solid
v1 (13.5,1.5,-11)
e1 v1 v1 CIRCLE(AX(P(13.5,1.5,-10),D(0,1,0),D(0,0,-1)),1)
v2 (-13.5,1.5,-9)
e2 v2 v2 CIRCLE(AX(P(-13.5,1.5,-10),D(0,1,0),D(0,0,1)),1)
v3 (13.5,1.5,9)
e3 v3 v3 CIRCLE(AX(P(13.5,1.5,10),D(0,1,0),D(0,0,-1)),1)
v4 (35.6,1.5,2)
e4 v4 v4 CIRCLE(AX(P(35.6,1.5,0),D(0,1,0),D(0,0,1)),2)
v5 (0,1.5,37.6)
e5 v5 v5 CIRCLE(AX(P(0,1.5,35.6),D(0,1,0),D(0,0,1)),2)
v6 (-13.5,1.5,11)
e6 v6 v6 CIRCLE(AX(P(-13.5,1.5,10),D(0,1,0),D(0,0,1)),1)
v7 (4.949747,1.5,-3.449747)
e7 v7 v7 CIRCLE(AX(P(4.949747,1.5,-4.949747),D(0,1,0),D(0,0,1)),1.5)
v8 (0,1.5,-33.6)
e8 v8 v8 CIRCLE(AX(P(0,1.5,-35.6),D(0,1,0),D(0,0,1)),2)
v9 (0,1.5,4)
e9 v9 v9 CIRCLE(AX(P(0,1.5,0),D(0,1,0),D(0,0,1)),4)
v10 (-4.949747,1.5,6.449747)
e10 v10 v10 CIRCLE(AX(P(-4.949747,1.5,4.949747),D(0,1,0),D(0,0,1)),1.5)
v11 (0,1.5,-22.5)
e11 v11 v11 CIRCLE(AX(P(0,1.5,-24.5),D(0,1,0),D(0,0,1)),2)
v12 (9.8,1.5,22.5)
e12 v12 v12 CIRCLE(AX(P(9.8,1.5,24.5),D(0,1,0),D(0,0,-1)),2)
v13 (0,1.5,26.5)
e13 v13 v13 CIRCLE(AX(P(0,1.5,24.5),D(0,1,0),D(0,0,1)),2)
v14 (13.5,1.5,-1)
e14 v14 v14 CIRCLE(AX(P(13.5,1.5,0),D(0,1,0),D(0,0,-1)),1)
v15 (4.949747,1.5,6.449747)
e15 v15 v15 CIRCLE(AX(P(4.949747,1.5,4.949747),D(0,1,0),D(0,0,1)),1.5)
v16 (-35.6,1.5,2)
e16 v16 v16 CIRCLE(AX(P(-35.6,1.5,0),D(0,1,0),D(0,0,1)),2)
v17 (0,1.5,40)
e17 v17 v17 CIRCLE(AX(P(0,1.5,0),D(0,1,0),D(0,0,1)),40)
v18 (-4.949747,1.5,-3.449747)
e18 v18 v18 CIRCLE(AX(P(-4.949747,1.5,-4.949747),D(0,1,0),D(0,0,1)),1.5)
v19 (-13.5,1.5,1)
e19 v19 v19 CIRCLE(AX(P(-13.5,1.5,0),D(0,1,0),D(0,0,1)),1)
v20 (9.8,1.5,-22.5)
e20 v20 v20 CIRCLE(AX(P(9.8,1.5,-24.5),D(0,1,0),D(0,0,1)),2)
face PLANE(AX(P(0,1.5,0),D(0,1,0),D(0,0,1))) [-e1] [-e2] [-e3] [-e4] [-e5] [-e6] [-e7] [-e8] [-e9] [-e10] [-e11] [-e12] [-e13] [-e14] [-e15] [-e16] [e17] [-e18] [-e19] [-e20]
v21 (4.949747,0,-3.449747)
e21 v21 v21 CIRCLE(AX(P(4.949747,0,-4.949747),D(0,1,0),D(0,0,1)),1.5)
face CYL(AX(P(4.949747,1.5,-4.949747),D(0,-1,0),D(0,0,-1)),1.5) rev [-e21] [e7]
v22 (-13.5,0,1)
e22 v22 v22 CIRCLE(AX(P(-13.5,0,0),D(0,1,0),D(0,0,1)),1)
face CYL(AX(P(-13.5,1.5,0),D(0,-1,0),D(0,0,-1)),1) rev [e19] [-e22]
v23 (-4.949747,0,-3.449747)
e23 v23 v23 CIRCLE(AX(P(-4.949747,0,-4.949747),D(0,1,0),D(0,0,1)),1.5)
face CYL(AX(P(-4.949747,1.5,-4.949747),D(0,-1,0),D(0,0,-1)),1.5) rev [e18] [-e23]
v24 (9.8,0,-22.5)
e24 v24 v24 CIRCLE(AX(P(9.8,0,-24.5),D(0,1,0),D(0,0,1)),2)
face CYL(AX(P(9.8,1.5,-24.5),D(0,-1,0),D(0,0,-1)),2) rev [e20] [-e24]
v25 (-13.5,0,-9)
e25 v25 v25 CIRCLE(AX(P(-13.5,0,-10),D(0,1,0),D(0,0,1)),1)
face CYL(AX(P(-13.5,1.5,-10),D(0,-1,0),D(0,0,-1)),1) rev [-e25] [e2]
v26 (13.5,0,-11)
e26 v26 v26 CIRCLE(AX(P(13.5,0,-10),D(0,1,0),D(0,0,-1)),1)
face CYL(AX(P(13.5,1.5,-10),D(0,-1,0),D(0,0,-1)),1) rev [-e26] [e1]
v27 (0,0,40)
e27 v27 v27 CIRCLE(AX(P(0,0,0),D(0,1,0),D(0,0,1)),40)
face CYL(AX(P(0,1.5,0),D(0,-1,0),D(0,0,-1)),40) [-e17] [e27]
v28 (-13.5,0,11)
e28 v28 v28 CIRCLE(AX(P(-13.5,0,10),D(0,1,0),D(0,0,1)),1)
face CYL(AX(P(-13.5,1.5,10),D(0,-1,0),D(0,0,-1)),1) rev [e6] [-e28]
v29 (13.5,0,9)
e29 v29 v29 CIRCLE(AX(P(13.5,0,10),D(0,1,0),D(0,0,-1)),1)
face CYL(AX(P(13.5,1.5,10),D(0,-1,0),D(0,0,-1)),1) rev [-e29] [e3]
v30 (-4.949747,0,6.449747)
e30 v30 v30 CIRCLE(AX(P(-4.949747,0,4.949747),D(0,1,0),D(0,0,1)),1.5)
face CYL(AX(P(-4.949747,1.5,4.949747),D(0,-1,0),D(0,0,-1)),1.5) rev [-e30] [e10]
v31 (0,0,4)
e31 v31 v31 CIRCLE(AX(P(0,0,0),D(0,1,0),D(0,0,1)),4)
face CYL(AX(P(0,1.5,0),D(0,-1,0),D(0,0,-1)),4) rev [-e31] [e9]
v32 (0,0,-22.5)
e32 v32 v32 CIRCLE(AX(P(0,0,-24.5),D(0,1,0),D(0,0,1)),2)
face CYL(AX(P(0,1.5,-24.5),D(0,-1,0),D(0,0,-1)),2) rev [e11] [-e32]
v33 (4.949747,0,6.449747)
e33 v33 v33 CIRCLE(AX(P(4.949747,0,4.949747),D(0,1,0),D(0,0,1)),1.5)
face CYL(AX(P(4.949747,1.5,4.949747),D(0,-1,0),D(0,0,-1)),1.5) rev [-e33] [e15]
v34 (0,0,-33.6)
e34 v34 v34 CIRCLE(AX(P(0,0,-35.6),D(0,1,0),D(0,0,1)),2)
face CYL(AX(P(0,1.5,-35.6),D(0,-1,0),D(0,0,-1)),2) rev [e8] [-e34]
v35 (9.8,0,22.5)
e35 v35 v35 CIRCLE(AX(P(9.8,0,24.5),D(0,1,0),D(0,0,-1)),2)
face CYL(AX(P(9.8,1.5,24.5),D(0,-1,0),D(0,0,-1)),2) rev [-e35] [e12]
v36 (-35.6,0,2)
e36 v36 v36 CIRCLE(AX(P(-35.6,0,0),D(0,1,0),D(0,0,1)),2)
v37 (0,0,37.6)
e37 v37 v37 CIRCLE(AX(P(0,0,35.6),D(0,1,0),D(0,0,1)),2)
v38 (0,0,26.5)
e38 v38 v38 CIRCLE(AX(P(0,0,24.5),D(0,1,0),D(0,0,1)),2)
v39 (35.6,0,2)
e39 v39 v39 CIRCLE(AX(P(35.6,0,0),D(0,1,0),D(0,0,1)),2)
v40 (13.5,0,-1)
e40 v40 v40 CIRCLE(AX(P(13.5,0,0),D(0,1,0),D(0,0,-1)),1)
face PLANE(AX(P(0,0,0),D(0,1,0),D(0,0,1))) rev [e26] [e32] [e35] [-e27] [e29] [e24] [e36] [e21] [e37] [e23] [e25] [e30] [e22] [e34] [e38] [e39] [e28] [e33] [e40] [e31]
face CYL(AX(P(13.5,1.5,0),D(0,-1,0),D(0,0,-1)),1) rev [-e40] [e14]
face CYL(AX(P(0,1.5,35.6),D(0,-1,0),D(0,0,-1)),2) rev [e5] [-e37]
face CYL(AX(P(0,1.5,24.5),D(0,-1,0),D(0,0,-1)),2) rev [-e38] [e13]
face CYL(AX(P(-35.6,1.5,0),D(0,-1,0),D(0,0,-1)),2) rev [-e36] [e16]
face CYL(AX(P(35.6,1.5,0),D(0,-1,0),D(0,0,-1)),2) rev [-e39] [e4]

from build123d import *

# Parameters (mm, degrees)
SKETCH1_R           = 40
SKETCH1_R_2         = 2
SKETCH1_R_3         = 4
SKETCH1_R_4         = 1.5
SKETCH1_R_5         = 1
BOSS_EXTRUDE1_DEPTH = 1.5


with BuildPart() as part:
    # Sketch1 → Boss-Extrude1 (new body)
    with BuildSketch(Plane(origin=(0, 0, 0), x_dir=(1, 0, 0), z_dir=(0, 1, 0))):
        with Locations(Location((0, 0, 0), (0, 0, 270))):
            Circle(SKETCH1_R)
        with Locations(Location((0, 35.6, 0), (0, 0, 270))):
            Circle(SKETCH1_R_2, mode=Mode.SUBTRACT)
        with Locations(Location((-35.6, 0, 0), (0, 0, 270))):
            Circle(SKETCH1_R_2, mode=Mode.SUBTRACT)
        with Locations(Location((0, -35.6, 0), (0, 0, 270))):
            Circle(SKETCH1_R_2, mode=Mode.SUBTRACT)
        with Locations(Location((35.6, 0, 0), (0, 0, 270))):
            Circle(SKETCH1_R_2, mode=Mode.SUBTRACT)
        with Locations(Location((0, 0, 0), (0, 0, 270))):
            Circle(SKETCH1_R_3, mode=Mode.SUBTRACT)
        with Locations(Location((-4.949747468, 4.949747468, 0), (0, 0, 270))):
            Circle(SKETCH1_R_4, mode=Mode.SUBTRACT)
        with Locations(Location((4.949747468, 4.949747468, 0), (0, 0, 270))):
            Circle(SKETCH1_R_4, mode=Mode.SUBTRACT)
        with Locations(Location((4.949747468, -4.949747468, 0), (0, 0, 270))):
            Circle(SKETCH1_R_4, mode=Mode.SUBTRACT)
        with Locations(Location((-4.949747468, -4.949747468, 0), (0, 0, 270))):
            Circle(SKETCH1_R_4, mode=Mode.SUBTRACT)
        with Locations(Location((0, 24.5, 0), (0, 0, 270))):
            Circle(SKETCH1_R_2, mode=Mode.SUBTRACT)
        with Locations(Location((0, -24.5, 0), (0, 0, 270))):
            Circle(SKETCH1_R_2, mode=Mode.SUBTRACT)
        with Locations(Location((9.8, 24.5, 0), (0, 0, 270))):
            Circle(SKETCH1_R_2, mode=Mode.SUBTRACT)
        with Locations(Location((9.8, -24.5, 0), (0, 0, 90))):
            Circle(SKETCH1_R_2, mode=Mode.SUBTRACT)
        with Locations(Location((-13.5, 0, 0), (0, 0, 270))):
            Circle(SKETCH1_R_5, mode=Mode.SUBTRACT)
        with Locations(Location((-13.5, 10, 0), (0, 0, 270))):
            Circle(SKETCH1_R_5, mode=Mode.SUBTRACT)
        with Locations(Location((-13.5, -10, 0), (0, 0, 270))):
            Circle(SKETCH1_R_5, mode=Mode.SUBTRACT)
        with Locations(Location((13.5, 10, 0), (0, 0, 90))):
            Circle(SKETCH1_R_5, mode=Mode.SUBTRACT)
        with Locations(Location((13.5, 0, 0), (0, 0, 90))):
            Circle(SKETCH1_R_5, mode=Mode.SUBTRACT)
        with Locations(Location((13.5, -10, 0), (0, 0, 90))):
            Circle(SKETCH1_R_5, mode=Mode.SUBTRACT)
    extrude(amount=BOSS_EXTRUDE1_DEPTH)


solid = part.part
